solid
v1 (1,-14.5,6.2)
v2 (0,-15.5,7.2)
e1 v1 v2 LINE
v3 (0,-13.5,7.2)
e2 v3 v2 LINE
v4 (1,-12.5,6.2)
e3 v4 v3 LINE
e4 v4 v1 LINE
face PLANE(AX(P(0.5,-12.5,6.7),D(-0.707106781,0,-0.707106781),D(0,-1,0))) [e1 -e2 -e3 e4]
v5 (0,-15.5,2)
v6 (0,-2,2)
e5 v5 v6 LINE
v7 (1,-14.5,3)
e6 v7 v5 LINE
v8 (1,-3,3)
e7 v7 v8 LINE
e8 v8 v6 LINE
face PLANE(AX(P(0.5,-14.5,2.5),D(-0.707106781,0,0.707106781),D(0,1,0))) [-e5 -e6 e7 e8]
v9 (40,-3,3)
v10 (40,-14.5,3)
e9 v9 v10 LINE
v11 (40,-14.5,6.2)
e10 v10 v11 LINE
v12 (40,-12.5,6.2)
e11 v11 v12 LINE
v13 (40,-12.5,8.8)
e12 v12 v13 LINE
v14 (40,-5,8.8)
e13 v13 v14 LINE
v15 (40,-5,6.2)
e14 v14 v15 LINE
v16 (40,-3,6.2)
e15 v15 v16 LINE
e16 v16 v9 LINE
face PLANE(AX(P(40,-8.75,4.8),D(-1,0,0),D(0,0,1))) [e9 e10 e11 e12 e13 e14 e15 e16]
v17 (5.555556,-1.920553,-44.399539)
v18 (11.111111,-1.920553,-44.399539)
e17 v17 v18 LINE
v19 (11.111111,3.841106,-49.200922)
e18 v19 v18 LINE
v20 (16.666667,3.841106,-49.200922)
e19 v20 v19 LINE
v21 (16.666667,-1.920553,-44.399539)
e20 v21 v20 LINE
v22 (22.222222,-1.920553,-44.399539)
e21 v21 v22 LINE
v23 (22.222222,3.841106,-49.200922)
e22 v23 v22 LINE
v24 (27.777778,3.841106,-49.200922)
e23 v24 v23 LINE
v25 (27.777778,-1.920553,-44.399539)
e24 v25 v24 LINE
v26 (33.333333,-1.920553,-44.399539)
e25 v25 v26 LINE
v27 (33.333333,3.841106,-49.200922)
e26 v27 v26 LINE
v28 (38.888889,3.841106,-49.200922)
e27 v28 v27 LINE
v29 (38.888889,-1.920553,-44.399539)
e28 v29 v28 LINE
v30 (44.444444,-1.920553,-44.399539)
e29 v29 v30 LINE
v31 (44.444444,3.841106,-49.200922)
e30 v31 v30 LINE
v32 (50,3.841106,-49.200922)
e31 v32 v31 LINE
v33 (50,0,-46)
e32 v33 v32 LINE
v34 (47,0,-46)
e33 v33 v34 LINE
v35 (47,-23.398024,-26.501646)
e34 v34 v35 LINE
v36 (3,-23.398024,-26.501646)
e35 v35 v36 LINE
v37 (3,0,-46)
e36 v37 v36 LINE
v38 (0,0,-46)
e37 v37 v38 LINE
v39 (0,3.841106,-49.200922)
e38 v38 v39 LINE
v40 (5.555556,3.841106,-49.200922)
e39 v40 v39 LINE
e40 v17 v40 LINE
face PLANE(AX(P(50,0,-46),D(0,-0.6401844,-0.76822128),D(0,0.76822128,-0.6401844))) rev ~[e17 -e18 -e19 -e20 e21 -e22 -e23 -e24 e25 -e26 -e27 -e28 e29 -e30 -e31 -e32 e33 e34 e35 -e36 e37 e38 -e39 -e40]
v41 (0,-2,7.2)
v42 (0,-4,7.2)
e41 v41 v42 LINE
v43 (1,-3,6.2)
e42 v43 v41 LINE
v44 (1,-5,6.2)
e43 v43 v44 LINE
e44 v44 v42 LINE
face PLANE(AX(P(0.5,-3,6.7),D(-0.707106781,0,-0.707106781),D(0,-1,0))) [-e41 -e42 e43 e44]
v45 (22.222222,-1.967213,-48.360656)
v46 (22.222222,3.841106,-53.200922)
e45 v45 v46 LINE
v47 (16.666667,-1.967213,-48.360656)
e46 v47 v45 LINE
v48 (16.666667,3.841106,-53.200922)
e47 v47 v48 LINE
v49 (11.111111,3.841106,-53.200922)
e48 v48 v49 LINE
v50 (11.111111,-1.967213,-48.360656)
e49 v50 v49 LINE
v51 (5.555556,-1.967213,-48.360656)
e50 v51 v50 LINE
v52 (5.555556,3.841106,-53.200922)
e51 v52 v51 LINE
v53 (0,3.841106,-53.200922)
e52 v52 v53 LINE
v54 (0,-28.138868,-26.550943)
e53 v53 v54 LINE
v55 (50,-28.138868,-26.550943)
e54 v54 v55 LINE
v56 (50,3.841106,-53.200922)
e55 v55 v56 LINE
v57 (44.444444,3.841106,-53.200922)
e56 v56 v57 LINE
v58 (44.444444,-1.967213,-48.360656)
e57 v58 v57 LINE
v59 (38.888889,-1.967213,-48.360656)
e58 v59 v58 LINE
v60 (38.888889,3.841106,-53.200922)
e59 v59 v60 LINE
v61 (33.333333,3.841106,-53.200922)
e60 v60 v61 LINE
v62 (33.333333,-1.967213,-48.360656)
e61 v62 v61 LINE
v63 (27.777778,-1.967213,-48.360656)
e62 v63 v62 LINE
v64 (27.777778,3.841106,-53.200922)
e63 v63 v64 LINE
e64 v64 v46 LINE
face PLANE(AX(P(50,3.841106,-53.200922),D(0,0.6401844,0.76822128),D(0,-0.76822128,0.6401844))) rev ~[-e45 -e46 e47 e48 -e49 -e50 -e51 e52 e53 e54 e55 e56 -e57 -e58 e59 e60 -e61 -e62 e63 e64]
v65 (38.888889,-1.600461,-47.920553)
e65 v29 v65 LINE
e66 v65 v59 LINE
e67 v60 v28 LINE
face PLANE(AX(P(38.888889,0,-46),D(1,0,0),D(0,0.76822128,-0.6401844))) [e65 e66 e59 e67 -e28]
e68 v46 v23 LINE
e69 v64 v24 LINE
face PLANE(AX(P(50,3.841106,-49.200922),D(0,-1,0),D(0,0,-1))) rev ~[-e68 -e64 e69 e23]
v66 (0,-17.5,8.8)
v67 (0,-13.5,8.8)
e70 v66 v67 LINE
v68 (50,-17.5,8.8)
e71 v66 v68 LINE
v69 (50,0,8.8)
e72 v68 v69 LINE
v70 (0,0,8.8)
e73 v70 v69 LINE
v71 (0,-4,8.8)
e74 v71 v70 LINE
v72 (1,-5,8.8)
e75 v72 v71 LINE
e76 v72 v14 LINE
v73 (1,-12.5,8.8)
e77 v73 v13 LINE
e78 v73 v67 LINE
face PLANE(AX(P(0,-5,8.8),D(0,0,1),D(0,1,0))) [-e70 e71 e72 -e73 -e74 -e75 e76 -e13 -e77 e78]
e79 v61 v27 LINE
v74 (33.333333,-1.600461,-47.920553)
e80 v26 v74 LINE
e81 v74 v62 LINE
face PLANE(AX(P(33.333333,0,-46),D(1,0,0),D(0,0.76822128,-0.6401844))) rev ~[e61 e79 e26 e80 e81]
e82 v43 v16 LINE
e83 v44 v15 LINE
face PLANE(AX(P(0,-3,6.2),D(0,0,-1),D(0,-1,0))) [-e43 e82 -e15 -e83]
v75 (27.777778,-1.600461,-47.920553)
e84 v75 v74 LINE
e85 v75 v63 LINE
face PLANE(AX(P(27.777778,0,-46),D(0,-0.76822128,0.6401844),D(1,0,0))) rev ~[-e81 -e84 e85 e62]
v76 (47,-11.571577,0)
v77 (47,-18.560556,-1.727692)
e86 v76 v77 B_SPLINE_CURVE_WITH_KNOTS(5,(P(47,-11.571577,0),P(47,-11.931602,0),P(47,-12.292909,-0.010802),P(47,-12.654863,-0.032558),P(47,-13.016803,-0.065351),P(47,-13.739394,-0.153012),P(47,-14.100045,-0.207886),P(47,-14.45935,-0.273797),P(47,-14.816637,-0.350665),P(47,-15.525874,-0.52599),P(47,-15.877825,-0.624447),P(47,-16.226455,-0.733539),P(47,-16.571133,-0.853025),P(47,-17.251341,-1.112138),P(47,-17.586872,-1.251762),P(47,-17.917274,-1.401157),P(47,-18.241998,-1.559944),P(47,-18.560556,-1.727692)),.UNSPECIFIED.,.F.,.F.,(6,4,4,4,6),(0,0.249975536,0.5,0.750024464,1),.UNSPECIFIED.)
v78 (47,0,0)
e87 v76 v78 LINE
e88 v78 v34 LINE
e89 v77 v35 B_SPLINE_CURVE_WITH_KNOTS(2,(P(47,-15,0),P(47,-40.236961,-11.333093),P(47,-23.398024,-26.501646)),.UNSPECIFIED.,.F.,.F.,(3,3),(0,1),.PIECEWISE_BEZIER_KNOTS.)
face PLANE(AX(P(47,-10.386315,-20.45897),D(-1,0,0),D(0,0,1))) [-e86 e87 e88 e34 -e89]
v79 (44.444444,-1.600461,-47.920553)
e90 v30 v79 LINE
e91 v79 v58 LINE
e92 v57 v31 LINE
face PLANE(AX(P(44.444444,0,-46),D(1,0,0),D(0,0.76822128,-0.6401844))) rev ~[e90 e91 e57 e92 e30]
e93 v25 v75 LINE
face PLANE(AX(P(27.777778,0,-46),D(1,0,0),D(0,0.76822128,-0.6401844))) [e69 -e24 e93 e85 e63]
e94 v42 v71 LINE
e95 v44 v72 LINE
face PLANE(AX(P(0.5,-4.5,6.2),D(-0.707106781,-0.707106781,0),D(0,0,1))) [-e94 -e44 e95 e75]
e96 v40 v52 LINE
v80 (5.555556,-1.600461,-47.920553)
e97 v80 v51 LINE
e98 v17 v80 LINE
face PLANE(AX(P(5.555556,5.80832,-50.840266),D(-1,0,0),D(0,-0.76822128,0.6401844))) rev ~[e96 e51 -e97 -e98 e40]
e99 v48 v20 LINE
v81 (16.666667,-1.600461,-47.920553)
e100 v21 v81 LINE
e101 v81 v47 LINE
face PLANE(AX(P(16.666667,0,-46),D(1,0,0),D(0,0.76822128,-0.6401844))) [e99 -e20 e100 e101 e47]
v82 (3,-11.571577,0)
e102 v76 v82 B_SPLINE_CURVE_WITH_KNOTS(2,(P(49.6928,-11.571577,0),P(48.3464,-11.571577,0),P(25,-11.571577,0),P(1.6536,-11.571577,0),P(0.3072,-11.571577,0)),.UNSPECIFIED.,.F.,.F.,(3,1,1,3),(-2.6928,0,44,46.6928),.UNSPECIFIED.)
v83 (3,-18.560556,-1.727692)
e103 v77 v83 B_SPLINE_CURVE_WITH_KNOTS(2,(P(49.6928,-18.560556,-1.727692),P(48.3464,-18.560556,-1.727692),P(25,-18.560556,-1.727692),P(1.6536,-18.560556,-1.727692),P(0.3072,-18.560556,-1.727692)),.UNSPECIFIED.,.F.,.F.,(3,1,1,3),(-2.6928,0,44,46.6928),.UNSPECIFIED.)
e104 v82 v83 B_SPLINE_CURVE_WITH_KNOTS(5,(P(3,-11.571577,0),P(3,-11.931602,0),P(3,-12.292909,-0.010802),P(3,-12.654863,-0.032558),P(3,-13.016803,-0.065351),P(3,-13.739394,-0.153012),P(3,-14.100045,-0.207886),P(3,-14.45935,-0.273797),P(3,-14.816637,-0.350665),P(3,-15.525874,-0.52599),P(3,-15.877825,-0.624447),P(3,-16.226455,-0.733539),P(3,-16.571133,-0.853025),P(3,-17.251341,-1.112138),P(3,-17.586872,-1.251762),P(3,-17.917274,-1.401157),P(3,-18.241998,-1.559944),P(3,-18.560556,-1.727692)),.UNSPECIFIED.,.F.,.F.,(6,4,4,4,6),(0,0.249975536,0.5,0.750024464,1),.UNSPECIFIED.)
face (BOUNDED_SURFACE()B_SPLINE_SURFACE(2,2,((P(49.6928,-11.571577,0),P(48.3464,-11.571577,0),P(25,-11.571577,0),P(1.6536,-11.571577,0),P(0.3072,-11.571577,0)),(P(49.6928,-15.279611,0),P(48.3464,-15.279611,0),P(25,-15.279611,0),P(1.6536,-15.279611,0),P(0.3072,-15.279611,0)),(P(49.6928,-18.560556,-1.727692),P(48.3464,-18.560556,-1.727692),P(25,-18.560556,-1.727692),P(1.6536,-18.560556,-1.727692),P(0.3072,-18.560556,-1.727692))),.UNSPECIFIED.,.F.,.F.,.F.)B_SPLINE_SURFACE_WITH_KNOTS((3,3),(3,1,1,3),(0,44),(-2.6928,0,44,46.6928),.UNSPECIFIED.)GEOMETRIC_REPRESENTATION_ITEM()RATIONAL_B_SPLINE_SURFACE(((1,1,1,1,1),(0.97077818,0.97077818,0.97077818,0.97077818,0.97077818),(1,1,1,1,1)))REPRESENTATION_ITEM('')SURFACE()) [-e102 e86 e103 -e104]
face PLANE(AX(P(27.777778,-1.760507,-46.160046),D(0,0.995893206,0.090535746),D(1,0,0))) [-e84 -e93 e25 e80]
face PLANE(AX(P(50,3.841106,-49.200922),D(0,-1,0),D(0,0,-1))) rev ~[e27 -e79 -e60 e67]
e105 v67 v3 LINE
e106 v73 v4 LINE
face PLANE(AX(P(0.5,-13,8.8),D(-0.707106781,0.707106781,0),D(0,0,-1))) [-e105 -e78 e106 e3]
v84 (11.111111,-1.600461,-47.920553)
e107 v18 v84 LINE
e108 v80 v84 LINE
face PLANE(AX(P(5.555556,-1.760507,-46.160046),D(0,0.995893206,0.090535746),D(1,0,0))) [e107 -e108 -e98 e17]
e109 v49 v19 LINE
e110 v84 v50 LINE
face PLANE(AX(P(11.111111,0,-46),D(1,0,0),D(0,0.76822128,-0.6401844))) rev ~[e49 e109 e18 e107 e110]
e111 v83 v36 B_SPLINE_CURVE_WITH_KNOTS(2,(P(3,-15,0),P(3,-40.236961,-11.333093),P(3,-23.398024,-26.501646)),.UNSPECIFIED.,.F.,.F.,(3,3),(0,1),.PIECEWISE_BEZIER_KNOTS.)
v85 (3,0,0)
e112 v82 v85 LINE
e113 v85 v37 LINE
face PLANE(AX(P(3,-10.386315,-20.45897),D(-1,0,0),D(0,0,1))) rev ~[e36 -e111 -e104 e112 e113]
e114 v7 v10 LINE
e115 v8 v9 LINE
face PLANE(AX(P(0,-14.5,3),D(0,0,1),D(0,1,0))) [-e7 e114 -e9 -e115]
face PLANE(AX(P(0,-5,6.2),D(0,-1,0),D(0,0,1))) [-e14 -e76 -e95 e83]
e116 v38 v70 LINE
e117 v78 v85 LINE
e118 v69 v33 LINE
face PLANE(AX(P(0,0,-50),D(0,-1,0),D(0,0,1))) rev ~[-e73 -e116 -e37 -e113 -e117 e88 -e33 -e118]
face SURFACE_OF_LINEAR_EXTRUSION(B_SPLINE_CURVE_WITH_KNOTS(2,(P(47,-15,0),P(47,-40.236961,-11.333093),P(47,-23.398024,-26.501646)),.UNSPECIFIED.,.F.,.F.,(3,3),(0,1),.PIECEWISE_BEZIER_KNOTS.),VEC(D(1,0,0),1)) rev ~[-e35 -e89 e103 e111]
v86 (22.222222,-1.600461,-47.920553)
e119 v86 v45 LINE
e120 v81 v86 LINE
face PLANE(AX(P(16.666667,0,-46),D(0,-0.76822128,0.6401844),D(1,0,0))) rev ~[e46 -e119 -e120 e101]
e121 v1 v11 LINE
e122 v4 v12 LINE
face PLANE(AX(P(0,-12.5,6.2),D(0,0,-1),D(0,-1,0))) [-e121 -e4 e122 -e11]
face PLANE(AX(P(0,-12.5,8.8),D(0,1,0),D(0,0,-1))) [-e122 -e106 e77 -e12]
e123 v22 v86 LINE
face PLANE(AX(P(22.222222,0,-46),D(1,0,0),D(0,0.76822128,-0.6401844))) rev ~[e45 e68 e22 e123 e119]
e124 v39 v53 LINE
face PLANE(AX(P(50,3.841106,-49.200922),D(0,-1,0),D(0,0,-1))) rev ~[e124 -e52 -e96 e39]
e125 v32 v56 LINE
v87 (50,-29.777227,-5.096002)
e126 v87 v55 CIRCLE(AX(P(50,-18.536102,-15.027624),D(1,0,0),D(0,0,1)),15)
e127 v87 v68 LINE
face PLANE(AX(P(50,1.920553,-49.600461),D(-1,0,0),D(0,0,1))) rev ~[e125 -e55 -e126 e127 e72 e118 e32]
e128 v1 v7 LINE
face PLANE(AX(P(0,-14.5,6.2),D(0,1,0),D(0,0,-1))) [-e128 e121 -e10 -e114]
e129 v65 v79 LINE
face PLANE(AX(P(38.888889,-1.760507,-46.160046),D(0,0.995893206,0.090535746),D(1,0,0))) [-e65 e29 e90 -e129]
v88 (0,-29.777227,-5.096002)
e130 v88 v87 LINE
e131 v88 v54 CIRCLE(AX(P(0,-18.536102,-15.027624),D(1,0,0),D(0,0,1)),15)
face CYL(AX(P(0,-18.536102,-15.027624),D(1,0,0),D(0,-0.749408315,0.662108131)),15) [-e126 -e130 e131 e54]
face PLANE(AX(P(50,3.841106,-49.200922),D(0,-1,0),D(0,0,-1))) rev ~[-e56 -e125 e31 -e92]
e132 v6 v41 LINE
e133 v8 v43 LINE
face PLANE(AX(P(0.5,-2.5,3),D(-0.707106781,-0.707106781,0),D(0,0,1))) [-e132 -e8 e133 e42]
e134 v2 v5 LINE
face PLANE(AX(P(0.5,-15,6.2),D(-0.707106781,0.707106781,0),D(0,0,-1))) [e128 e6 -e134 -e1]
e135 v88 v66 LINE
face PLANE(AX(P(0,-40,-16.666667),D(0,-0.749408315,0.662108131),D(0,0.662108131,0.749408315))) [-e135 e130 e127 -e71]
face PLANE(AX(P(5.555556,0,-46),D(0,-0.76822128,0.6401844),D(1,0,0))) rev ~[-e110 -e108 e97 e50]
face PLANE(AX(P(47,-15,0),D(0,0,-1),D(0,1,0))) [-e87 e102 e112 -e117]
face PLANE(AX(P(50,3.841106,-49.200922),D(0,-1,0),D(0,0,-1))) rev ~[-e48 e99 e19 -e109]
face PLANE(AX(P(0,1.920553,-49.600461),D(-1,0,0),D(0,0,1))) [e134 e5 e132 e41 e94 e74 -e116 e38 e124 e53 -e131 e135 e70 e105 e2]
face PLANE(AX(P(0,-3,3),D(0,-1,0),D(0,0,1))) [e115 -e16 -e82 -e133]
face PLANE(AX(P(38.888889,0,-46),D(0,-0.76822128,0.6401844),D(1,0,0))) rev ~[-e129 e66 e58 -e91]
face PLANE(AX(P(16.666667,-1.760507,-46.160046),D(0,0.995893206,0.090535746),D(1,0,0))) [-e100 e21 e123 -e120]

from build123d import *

# Parameters (mm, degrees)
BOSS_EXTRUDE1_DEPTH = 50
BOSS_EXTRUDE2_DEPTH = 10
FILLET1_R           = 15
CUT_EXTRUDE1_START  = -3
CUT_EXTRUDE1_DEPTH  = 44
FILLET2_R           = 15
BOSS_EXTRUDE3_DEPTH = 50
SKETCH5_W           = 5.55555544444444
SKETCH5_H           = 7.560737598657919
SKETCH5_W_2         = 5.5555554444444475
SKETCH5_W_3         = 5.555555444444444
CUT_EXTRUDE2_DEPTH  = 68.02665161849878
CHAMFER1_SIZE       = 2.5
CHAMFER2_SIZE       = 1


with BuildPart() as part:
    # Sketch1 → Boss-Extrude1 (new body)
    with BuildSketch(Plane(origin=(0, 0, 0), x_dir=(0, 0, -1), z_dir=(1, 0, 0))):
        Polygon((0, 0), (50.00000000000001, 0), (16.66666666666667, -40), (-8.800000000000015, -17.499999999999996), (-8.800000000000015, -12.499999999999998), (-6.200000000000014, -12.499999999999998), (-6.200000000000013, -14.499999999999998), (-2.9999999999999982, -14.499999999999998), (-2.9999999999999982, -3), (-6.200000000000013, -3), (-6.200000000000014, -4.999999999999999), (-8.800000000000015, -4.999999999999999), (-8.800000000000017, -1.08e-15), align=None)
    extrude(amount=BOSS_EXTRUDE1_DEPTH)

    # Sketch2 → Boss-Extrude2 (add)
    with BuildSketch(Plane(origin=(50, 0, 0), x_dir=(0, 0, -1), z_dir=(1, 0, 0))):
        Polygon((-8.800000000000017, -1.08e-15), (-0.800000000000016, 0), (-0.8000000000000138, -17.499999999999996), (-8.800000000000015, -17.499999999999996), align=None)
    extrude(amount=-BOSS_EXTRUDE2_DEPTH)

    # Fillet1
    fillet1_edges = [part.edges().sort_by_distance(p)[0] for p in [
        (25, -40, -16.66666666666667),
    ]]
    fillet(fillet1_edges, radius=FILLET1_R)

    # Sketch3 → Cut-Extrude1 (cut)
    with BuildSketch(Plane(origin=(50, 0, 0), x_dir=(0, 0, -1), z_dir=(1, 0, 0)).offset(CUT_EXTRUDE1_START)):
        with BuildLine():
            Line((46.000000000000014, 0), (26.501646387603547, -23.398024334875757))
            add(Edge.make_bspline(
                [(0, -15), (11.33309259276565, -40.236961436031486), (26.501646387603547, -23.398024334875757)],
                knots=[0, 0, 0, 1, 1, 1], degree=2))
            Line((0, -15), (0, 0))
            Line((0, 0), (46.000000000000014, 0))
        make_face()
    extrude(amount=-CUT_EXTRUDE1_DEPTH, mode=Mode.SUBTRACT)

    # Fillet2
    fillet2_edges = [part.edges().sort_by_distance(p)[0] for p in [
        (25, -15, 0),
    ]]
    fillet(fillet2_edges, radius=FILLET2_R)

    # Sketch4 → Boss-Extrude3 (add, through all)
    with BuildSketch(Plane(origin=(50, 0, 0), x_dir=(0, 0, -1), z_dir=(1, 0, 0))):
        Polygon((50.00000000000001, 0), (46.000000000000014, 0), (49.20092199832241, 3.841106397986878), (53.20092199832241, 3.841106397986878), align=None)
    extrude(amount=-BOSS_EXTRUDE3_DEPTH)

    # Sketch5 → Cut-Extrude2 (cut, through all)
    with BuildSketch(Plane(origin=(0, -22.622950819672138, -27.147540983606568), x_dir=(1, 0, 0), z_dir=(0, 0.6401843996644799, 0.7682212795973757))):
        Polygon((11.111111, 29.44848238456608), (11.111111, 37.009219983224), (5.555555555555555, 37.009219983224), (5.555555555555556, 29.44848238456608), align=None)
        with Locations((19.444444277777777, 33.22885118389504)):
            Rectangle(SKETCH5_W, SKETCH5_H)
        with Locations((30.555555277777778, 33.22885118389504)):
            Rectangle(SKETCH5_W_2, SKETCH5_H)
        with Locations((41.66666627777778, 33.22885118389504)):
            Rectangle(SKETCH5_W_3, SKETCH5_H)
    extrude(amount=-CUT_EXTRUDE2_DEPTH, mode=Mode.SUBTRACT)

    # Chamfer1
    chamfer1_edges = [part.edges().sort_by_distance(p)[0] for p in [
        (8.333333277777777, -3.55e-15, -46.000000000000014),
        (19.444444277777777, -3.55e-15, -46.000000000000014),
        (30.555555277777778, -3.55e-15, -46.000000000000014),
        (41.66666627777778, -3.55e-15, -46.000000000000014),
    ]]
    chamfer(chamfer1_edges, length=CHAMFER1_SIZE)

    # Chamfer2
    chamfer2_edges = [part.edges().sort_by_distance(p)[0] for p in [
        (0, -12.499999999999998, 7.500000000000014),
        (0, -13.499999999999998, 6.2000000000000135),
        (0, -14.499999999999998, 4.600000000000005),
        (0, -8.75, 2.9999999999999982),
        (0, -3, 4.600000000000005),
        (0, -3.9999999999999996, 6.2000000000000135),
        (0, -4.999999999999999, 7.500000000000014),
    ]]
    chamfer(chamfer2_edges, length=CHAMFER2_SIZE)


solid = part.part
